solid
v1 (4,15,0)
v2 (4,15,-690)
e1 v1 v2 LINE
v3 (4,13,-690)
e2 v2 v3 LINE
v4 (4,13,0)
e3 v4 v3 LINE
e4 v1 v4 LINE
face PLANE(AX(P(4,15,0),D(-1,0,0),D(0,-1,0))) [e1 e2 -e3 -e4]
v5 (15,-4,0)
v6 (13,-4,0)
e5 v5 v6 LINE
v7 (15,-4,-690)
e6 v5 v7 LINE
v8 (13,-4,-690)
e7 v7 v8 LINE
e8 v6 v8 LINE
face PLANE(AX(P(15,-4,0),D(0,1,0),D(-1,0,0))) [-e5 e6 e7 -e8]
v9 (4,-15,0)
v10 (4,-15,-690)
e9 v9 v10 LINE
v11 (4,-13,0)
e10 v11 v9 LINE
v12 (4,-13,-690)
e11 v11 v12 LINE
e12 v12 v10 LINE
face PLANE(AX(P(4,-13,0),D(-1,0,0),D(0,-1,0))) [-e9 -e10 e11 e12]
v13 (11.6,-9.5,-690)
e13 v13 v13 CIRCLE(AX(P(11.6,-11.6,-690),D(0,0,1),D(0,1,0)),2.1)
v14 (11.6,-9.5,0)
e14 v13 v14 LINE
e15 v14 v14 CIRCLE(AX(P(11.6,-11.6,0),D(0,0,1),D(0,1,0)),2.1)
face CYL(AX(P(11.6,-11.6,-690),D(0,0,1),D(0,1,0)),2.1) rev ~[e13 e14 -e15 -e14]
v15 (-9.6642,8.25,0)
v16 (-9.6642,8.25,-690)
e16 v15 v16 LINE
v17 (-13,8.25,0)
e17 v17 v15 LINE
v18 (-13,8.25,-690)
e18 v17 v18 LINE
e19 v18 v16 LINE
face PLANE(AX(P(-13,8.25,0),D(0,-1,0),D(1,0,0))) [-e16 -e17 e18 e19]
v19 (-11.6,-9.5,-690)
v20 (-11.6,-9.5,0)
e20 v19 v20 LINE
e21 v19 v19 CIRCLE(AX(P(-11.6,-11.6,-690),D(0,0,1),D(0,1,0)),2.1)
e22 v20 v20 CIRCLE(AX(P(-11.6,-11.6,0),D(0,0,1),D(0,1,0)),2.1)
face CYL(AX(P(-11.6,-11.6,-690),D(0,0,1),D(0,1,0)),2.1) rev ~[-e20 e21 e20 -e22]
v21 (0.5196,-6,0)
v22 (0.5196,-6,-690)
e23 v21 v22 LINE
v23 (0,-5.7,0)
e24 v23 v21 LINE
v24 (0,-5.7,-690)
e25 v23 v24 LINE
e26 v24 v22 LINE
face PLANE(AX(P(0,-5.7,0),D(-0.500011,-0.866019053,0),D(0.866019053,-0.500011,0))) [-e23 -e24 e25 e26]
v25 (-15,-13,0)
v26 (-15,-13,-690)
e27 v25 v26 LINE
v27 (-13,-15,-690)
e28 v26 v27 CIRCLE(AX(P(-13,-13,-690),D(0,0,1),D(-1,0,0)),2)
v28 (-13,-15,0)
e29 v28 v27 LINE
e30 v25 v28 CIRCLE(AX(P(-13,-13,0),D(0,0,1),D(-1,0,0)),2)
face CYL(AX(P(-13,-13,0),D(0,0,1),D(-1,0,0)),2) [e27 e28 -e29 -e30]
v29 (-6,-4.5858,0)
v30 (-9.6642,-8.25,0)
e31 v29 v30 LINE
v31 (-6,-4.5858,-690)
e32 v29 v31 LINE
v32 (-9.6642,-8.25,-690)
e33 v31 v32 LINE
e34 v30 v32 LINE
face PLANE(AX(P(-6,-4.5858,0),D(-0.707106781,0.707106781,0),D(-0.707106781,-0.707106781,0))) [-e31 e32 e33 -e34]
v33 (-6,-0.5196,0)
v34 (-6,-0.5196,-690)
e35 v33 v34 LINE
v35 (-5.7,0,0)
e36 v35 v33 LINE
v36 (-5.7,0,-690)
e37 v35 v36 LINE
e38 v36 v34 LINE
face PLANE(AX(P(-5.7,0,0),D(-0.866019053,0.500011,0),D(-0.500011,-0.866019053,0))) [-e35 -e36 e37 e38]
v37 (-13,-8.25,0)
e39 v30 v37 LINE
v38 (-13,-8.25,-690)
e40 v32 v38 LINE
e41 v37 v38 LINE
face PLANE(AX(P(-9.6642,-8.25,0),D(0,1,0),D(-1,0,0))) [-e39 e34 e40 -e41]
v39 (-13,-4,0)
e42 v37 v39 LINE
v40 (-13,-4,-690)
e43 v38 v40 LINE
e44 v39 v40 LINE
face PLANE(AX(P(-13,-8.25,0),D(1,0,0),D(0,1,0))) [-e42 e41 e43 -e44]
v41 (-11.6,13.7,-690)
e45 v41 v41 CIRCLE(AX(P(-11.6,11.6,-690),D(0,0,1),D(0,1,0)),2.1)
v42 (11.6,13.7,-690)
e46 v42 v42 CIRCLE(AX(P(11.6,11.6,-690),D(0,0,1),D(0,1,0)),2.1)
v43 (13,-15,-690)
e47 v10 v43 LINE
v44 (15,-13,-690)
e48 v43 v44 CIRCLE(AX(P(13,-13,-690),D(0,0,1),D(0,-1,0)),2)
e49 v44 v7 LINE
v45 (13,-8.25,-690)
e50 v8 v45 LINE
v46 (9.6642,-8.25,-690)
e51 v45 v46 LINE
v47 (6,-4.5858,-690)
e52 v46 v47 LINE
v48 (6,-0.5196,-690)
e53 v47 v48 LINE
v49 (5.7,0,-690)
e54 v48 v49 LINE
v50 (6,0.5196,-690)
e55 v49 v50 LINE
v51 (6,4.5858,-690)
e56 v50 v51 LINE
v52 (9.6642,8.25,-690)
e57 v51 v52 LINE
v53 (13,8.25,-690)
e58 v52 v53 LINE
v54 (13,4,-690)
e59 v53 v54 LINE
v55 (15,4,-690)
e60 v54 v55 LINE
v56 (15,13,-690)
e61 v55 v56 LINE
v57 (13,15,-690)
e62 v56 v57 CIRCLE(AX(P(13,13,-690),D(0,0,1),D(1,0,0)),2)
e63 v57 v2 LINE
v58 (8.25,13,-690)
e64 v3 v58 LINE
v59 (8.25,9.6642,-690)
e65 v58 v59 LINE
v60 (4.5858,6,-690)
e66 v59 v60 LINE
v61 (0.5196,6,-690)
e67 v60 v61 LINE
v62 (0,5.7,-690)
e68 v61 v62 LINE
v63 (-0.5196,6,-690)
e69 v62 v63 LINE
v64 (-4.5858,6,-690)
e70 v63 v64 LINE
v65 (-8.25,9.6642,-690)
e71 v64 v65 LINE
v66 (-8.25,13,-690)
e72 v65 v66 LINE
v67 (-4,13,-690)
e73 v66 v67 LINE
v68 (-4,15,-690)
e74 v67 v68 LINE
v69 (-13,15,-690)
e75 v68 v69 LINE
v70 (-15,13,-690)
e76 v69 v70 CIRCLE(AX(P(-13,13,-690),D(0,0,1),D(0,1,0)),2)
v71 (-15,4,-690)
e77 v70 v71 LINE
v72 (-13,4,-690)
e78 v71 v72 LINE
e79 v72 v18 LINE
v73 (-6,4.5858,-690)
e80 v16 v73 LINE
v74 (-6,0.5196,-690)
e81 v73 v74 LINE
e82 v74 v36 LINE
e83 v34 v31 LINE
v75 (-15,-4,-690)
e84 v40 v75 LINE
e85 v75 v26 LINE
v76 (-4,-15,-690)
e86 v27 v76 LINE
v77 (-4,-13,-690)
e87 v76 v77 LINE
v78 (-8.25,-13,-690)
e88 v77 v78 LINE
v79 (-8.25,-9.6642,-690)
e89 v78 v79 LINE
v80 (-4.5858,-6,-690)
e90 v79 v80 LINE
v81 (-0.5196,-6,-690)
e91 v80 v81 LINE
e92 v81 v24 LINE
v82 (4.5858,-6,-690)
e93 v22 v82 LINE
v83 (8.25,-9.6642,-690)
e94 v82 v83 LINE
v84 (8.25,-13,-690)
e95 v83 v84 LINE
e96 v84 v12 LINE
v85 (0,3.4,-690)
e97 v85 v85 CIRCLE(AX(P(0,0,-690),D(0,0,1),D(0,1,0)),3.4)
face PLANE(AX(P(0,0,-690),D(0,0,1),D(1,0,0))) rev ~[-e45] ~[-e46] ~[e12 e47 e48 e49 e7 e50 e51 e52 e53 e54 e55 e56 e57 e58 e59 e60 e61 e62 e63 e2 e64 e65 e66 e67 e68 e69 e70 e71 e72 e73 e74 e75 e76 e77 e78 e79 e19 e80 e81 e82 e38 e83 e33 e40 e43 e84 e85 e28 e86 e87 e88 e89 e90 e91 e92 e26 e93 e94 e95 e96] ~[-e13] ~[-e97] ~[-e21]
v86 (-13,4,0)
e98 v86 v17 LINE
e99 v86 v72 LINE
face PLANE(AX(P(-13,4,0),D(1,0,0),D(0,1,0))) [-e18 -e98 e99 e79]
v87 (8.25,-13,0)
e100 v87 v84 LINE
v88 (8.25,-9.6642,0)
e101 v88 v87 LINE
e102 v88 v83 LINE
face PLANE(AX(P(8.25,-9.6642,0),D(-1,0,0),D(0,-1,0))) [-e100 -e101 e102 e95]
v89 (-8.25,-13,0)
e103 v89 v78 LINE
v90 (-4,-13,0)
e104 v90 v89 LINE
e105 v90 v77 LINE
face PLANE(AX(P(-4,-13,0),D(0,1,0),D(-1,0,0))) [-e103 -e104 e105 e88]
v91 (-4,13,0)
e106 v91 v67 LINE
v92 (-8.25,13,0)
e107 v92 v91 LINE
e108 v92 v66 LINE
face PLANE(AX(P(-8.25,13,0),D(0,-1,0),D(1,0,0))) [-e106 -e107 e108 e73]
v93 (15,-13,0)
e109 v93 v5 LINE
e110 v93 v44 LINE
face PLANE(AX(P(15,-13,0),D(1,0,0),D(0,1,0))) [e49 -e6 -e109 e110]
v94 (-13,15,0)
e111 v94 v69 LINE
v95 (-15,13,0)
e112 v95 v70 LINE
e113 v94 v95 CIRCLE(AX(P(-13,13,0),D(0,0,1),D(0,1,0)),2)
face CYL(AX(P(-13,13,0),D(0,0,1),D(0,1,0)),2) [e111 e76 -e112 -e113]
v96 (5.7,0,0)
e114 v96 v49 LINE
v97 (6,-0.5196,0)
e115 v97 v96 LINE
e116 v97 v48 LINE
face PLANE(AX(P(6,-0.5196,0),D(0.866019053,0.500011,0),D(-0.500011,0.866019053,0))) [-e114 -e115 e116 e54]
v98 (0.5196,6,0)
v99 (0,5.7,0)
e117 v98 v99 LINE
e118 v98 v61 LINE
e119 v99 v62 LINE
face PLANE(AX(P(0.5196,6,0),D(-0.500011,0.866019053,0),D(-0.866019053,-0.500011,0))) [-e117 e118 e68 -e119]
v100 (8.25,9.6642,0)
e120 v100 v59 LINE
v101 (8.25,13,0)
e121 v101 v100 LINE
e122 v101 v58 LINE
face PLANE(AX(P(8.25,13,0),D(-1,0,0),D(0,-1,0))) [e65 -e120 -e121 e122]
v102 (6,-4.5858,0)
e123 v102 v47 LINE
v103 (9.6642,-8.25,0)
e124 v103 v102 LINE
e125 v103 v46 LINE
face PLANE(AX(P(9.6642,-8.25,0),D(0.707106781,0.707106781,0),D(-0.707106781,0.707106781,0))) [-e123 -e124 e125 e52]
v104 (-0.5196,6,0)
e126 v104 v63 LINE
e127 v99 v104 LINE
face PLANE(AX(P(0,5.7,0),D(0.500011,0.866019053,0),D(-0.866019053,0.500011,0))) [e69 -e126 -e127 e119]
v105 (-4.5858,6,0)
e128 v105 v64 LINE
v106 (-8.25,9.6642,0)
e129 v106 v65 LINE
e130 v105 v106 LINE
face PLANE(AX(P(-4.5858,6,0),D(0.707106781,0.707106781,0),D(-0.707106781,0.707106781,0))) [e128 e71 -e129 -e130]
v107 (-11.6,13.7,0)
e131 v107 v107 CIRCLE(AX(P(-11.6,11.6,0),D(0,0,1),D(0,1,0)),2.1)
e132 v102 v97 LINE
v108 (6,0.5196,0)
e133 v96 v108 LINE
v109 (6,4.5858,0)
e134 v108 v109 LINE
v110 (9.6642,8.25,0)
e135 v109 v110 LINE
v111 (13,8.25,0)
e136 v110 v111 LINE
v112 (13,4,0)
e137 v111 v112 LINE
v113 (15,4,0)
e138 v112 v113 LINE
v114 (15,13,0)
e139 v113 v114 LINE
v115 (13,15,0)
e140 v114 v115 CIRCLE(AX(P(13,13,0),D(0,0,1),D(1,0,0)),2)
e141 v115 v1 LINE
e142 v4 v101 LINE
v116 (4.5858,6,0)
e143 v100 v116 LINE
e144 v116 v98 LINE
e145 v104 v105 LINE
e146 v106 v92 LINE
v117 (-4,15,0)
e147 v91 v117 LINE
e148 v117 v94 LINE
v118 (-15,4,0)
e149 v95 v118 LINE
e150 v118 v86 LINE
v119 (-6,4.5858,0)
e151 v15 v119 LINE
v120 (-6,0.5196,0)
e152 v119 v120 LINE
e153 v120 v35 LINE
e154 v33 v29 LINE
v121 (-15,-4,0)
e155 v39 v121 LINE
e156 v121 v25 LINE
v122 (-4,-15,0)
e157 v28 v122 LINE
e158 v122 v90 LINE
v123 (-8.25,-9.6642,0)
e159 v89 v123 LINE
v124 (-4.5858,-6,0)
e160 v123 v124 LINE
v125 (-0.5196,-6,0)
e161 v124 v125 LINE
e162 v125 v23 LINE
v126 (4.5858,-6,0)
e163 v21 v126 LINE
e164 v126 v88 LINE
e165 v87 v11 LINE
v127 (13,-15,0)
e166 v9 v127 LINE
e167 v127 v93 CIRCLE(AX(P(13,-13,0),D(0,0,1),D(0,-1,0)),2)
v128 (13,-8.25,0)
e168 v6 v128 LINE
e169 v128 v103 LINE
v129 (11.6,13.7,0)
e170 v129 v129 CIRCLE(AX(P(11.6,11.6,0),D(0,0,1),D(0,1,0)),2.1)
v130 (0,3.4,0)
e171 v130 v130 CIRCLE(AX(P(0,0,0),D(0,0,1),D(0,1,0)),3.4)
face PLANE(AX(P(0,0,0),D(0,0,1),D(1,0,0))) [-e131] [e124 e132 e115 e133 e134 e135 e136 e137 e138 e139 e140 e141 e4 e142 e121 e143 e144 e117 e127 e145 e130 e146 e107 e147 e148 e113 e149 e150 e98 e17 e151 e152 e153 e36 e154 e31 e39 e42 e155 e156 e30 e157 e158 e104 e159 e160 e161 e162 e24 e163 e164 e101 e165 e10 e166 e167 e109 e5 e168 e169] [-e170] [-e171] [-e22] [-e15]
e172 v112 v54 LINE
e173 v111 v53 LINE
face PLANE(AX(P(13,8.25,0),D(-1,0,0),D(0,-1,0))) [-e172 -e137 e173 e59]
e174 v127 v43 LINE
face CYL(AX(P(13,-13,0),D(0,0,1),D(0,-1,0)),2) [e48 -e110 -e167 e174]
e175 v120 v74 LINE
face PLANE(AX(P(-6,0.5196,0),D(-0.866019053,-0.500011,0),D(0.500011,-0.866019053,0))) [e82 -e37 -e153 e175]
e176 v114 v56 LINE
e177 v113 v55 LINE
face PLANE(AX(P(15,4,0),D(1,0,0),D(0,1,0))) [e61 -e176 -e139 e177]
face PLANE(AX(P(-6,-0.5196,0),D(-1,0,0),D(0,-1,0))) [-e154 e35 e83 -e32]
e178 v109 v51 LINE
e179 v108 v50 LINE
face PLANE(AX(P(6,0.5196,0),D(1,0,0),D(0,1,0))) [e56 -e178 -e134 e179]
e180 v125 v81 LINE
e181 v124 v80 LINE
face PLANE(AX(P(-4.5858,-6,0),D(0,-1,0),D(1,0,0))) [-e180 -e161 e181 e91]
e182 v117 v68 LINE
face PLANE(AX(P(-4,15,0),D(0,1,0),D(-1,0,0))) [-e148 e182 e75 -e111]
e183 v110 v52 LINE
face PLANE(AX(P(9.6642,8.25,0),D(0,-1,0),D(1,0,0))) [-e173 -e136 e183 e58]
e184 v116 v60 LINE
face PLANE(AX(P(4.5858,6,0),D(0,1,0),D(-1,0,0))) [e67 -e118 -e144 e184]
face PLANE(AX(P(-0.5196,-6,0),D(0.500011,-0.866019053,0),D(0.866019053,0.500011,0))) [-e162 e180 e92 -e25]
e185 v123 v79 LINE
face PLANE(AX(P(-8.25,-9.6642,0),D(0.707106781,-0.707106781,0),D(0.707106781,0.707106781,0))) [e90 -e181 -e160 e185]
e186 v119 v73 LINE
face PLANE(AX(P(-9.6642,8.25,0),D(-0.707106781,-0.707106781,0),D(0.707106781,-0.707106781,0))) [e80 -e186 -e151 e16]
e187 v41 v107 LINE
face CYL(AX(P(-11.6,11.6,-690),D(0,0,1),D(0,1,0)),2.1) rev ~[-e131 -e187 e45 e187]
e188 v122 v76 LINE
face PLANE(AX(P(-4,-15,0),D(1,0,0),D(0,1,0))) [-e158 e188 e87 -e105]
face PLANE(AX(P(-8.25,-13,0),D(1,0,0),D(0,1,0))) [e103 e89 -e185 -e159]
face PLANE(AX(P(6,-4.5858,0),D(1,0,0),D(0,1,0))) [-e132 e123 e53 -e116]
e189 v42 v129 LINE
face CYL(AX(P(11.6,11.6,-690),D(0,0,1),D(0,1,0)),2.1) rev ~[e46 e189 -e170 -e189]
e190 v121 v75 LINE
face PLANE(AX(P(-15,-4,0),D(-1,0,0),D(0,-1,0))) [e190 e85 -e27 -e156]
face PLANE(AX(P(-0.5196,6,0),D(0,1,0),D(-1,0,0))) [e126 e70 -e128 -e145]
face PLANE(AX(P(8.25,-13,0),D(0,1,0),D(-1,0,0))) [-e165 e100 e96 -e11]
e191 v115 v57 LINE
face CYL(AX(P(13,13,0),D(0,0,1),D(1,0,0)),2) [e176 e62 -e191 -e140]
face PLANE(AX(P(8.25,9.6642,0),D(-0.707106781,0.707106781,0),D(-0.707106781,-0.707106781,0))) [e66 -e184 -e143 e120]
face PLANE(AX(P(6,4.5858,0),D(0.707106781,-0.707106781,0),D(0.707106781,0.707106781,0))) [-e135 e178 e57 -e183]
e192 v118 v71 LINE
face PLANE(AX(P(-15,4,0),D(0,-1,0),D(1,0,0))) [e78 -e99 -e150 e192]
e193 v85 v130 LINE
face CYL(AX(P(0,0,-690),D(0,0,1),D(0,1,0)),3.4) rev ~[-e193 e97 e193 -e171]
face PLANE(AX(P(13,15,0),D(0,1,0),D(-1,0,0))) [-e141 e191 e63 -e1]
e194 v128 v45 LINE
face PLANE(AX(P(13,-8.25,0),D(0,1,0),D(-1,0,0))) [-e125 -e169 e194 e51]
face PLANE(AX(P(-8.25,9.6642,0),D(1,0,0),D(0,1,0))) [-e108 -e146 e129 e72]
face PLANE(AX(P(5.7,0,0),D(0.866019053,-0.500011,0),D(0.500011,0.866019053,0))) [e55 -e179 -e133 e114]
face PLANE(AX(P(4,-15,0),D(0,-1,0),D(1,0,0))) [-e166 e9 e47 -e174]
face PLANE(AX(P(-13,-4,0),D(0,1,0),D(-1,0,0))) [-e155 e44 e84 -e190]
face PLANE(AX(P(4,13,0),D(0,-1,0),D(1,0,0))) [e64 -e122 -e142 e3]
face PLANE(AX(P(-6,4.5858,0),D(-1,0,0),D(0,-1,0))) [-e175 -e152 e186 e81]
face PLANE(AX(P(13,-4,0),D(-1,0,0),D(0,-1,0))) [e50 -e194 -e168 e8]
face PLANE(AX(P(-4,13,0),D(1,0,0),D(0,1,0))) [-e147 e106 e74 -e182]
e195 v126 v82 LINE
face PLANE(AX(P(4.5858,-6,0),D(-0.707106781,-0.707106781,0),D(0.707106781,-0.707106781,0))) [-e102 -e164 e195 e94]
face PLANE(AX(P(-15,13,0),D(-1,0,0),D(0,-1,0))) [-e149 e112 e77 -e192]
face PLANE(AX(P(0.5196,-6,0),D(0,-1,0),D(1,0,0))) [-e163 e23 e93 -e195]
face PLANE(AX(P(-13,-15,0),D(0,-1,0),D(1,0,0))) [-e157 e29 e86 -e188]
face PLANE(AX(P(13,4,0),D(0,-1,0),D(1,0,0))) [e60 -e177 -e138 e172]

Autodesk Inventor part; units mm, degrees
sketch "Sketch_1" plane through (0, 0, 0) normal (0, 0, 1) x (1, 0, 0)
  line L0 (-15, -4) -> (-15, -13)
  arc A0 (-15, -13) -> (-13, -15) centre (-13, -13) ccw
  line L1 (-13, -15) -> (-4, -15)
  line L2 (-4, -15) -> (-4, -13)
  line L3 (-4, -13) -> (-8.25, -13)
  line L4 (-8.25, -13) -> (-8.25, -9.6642)
  line L5 (-8.25, -9.6642) -> (-4.5858, -6)
  line L6 (-4.5858, -6) -> (-0.5196, -6)
  line L7 (-0.5196, -6) -> (0, -5.7)
  line L8 (0, -5.7) -> (0.5196, -6)
  line L9 (0.5196, -6) -> (4.5858, -6)
  line L10 (4.5858, -6) -> (8.25, -9.6642)
  line L11 (8.25, -9.6642) -> (8.25, -13)
  line L12 (8.25, -13) -> (4, -13)
  line L13 (4, -13) -> (4, -15)
  line L14 (4, -15) -> (13, -15)
  arc A1 (13, -15) -> (15, -13) centre (13, -13) ccw
  line L15 (15, -13) -> (15, -4)
  line L16 (15, -4) -> (13, -4)
  line L17 (13, -4) -> (13, -8.25)
  line L18 (13, -8.25) -> (9.6642, -8.25)
  line L19 (9.6642, -8.25) -> (6, -4.5858)
  line L20 (6, -4.5858) -> (6, -0.5196)
  line L21 (6, -0.5196) -> (5.7, 0)
  line L22 (5.7, 0) -> (6, 0.5196)
  line L23 (6, 0.5196) -> (6, 4.5858)
  line L24 (6, 4.5858) -> (9.6642, 8.25)
  line L25 (9.6642, 8.25) -> (13, 8.25)
  line L26 (13, 8.25) -> (13, 4)
  line L27 (13, 4) -> (15, 4)
  line L28 (15, 4) -> (15, 13)
  arc A2 (15, 13) -> (13, 15) centre (13, 13) ccw
  line L29 (13, 15) -> (4, 15)
  line L30 (4, 15) -> (4, 13)
  line L31 (4, 13) -> (8.25, 13)
  line L32 (8.25, 13) -> (8.25, 9.6642)
  line L33 (8.25, 9.6642) -> (4.5858, 6)
  line L34 (4.5858, 6) -> (0.5196, 6)
  line L35 (0.5196, 6) -> (0, 5.7)
  line L36 (0, 5.7) -> (-0.5196, 6)
  line L37 (-0.5196, 6) -> (-4.5858, 6)
  line L38 (-4.5858, 6) -> (-8.25, 9.6642)
  line L39 (-8.25, 9.6642) -> (-8.25, 13)
  line L40 (-8.25, 13) -> (-4, 13)
  line L41 (-4, 13) -> (-4, 15)
  line L42 (-4, 15) -> (-13, 15)
  arc A3 (-13, 15) -> (-15, 13) centre (-13, 13) ccw
  line L43 (-15, 13) -> (-15, 4)
  line L44 (-15, 4) -> (-13, 4)
  line L45 (-13, 4) -> (-13, 8.25)
  line L46 (-13, 8.25) -> (-9.6642, 8.25)
  line L47 (-9.6642, 8.25) -> (-6, 4.5858)
  line L48 (-6, 4.5858) -> (-6, 0.5196)
  line L49 (-6, 0.5196) -> (-5.7, 0)
  line L50 (-5.7, 0) -> (-6, -0.5196)
  line L51 (-6, -0.5196) -> (-6, -4.5858)
  line L52 (-6, -4.5858) -> (-9.6642, -8.25)
  line L53 (-9.6642, -8.25) -> (-13, -8.25)
  line L54 (-13, -8.25) -> (-13, -4)
  line L55 (-13, -4) -> (-15, -4)
extrude "Extrusion1" add sketch "Sketch_1" against normal blind 690
sketch "Sketch2" plane through (0, 0, -690) normal (0, 0, -1) x (-1, 0, 0)
  point P0 (0, 0)
hole "Hole1" at (0, 0, -690) direction (0, 0, 1) diameter 6.8 depth 690
sketch "Sketch3" plane through (0, 0, -690) normal (0, 0, -1) x (-1, 0, 0)
  point P0 (-11.6, 11.6)
hole "Hole2" at (11.6, 11.6, -690) direction (0, 0, 1) diameter 4.2 depth 690
pattern_linear "Rectangular Pattern1" count 2 spacing 23.2 along (-1, 0, 0) count 2 spacing 23.2 along (0, -1, 0) of "Hole2"
ref_plane "C1_XY" through (0, 0, 0) normal (0, 0, 1) x (1, 0, 0)
ref_plane "C1_YZ" through (0, 0, 0) normal (1, 0, 0) x (0, 1, 0)
ref_plane "C1_ZX" through (0, 0, 0) normal (0, 1, 0) x (0, 0, 1)
ref_plane "to_frame_cap1_XY" through (0, 0, 0) normal (0, 0, 1) x (1, 0, 0)
ref_plane "to_frame_cap1_YZ" through (0, 0, 0) normal (1, 0, 0) x (0, 1, 0)
ref_plane "to_frame_cap1_ZX" through (0, 0, 0) normal (0, 1, 0) x (0, 0, 1)
ref_plane "to_frame_cap2_XY" through (0, 0, -690) normal (0, 0, -1) x (1, 0, 0)
ref_plane "to_frame_cap2_YZ" through (0, 0, -690) normal (1, 0, 0) x (0, -1, 0)
ref_plane "to_frame_cap2_ZX" through (0, 0, -690) normal (0, -1, 0) x (0, 0, -1)
properties part number "HFS6-3030-690"
